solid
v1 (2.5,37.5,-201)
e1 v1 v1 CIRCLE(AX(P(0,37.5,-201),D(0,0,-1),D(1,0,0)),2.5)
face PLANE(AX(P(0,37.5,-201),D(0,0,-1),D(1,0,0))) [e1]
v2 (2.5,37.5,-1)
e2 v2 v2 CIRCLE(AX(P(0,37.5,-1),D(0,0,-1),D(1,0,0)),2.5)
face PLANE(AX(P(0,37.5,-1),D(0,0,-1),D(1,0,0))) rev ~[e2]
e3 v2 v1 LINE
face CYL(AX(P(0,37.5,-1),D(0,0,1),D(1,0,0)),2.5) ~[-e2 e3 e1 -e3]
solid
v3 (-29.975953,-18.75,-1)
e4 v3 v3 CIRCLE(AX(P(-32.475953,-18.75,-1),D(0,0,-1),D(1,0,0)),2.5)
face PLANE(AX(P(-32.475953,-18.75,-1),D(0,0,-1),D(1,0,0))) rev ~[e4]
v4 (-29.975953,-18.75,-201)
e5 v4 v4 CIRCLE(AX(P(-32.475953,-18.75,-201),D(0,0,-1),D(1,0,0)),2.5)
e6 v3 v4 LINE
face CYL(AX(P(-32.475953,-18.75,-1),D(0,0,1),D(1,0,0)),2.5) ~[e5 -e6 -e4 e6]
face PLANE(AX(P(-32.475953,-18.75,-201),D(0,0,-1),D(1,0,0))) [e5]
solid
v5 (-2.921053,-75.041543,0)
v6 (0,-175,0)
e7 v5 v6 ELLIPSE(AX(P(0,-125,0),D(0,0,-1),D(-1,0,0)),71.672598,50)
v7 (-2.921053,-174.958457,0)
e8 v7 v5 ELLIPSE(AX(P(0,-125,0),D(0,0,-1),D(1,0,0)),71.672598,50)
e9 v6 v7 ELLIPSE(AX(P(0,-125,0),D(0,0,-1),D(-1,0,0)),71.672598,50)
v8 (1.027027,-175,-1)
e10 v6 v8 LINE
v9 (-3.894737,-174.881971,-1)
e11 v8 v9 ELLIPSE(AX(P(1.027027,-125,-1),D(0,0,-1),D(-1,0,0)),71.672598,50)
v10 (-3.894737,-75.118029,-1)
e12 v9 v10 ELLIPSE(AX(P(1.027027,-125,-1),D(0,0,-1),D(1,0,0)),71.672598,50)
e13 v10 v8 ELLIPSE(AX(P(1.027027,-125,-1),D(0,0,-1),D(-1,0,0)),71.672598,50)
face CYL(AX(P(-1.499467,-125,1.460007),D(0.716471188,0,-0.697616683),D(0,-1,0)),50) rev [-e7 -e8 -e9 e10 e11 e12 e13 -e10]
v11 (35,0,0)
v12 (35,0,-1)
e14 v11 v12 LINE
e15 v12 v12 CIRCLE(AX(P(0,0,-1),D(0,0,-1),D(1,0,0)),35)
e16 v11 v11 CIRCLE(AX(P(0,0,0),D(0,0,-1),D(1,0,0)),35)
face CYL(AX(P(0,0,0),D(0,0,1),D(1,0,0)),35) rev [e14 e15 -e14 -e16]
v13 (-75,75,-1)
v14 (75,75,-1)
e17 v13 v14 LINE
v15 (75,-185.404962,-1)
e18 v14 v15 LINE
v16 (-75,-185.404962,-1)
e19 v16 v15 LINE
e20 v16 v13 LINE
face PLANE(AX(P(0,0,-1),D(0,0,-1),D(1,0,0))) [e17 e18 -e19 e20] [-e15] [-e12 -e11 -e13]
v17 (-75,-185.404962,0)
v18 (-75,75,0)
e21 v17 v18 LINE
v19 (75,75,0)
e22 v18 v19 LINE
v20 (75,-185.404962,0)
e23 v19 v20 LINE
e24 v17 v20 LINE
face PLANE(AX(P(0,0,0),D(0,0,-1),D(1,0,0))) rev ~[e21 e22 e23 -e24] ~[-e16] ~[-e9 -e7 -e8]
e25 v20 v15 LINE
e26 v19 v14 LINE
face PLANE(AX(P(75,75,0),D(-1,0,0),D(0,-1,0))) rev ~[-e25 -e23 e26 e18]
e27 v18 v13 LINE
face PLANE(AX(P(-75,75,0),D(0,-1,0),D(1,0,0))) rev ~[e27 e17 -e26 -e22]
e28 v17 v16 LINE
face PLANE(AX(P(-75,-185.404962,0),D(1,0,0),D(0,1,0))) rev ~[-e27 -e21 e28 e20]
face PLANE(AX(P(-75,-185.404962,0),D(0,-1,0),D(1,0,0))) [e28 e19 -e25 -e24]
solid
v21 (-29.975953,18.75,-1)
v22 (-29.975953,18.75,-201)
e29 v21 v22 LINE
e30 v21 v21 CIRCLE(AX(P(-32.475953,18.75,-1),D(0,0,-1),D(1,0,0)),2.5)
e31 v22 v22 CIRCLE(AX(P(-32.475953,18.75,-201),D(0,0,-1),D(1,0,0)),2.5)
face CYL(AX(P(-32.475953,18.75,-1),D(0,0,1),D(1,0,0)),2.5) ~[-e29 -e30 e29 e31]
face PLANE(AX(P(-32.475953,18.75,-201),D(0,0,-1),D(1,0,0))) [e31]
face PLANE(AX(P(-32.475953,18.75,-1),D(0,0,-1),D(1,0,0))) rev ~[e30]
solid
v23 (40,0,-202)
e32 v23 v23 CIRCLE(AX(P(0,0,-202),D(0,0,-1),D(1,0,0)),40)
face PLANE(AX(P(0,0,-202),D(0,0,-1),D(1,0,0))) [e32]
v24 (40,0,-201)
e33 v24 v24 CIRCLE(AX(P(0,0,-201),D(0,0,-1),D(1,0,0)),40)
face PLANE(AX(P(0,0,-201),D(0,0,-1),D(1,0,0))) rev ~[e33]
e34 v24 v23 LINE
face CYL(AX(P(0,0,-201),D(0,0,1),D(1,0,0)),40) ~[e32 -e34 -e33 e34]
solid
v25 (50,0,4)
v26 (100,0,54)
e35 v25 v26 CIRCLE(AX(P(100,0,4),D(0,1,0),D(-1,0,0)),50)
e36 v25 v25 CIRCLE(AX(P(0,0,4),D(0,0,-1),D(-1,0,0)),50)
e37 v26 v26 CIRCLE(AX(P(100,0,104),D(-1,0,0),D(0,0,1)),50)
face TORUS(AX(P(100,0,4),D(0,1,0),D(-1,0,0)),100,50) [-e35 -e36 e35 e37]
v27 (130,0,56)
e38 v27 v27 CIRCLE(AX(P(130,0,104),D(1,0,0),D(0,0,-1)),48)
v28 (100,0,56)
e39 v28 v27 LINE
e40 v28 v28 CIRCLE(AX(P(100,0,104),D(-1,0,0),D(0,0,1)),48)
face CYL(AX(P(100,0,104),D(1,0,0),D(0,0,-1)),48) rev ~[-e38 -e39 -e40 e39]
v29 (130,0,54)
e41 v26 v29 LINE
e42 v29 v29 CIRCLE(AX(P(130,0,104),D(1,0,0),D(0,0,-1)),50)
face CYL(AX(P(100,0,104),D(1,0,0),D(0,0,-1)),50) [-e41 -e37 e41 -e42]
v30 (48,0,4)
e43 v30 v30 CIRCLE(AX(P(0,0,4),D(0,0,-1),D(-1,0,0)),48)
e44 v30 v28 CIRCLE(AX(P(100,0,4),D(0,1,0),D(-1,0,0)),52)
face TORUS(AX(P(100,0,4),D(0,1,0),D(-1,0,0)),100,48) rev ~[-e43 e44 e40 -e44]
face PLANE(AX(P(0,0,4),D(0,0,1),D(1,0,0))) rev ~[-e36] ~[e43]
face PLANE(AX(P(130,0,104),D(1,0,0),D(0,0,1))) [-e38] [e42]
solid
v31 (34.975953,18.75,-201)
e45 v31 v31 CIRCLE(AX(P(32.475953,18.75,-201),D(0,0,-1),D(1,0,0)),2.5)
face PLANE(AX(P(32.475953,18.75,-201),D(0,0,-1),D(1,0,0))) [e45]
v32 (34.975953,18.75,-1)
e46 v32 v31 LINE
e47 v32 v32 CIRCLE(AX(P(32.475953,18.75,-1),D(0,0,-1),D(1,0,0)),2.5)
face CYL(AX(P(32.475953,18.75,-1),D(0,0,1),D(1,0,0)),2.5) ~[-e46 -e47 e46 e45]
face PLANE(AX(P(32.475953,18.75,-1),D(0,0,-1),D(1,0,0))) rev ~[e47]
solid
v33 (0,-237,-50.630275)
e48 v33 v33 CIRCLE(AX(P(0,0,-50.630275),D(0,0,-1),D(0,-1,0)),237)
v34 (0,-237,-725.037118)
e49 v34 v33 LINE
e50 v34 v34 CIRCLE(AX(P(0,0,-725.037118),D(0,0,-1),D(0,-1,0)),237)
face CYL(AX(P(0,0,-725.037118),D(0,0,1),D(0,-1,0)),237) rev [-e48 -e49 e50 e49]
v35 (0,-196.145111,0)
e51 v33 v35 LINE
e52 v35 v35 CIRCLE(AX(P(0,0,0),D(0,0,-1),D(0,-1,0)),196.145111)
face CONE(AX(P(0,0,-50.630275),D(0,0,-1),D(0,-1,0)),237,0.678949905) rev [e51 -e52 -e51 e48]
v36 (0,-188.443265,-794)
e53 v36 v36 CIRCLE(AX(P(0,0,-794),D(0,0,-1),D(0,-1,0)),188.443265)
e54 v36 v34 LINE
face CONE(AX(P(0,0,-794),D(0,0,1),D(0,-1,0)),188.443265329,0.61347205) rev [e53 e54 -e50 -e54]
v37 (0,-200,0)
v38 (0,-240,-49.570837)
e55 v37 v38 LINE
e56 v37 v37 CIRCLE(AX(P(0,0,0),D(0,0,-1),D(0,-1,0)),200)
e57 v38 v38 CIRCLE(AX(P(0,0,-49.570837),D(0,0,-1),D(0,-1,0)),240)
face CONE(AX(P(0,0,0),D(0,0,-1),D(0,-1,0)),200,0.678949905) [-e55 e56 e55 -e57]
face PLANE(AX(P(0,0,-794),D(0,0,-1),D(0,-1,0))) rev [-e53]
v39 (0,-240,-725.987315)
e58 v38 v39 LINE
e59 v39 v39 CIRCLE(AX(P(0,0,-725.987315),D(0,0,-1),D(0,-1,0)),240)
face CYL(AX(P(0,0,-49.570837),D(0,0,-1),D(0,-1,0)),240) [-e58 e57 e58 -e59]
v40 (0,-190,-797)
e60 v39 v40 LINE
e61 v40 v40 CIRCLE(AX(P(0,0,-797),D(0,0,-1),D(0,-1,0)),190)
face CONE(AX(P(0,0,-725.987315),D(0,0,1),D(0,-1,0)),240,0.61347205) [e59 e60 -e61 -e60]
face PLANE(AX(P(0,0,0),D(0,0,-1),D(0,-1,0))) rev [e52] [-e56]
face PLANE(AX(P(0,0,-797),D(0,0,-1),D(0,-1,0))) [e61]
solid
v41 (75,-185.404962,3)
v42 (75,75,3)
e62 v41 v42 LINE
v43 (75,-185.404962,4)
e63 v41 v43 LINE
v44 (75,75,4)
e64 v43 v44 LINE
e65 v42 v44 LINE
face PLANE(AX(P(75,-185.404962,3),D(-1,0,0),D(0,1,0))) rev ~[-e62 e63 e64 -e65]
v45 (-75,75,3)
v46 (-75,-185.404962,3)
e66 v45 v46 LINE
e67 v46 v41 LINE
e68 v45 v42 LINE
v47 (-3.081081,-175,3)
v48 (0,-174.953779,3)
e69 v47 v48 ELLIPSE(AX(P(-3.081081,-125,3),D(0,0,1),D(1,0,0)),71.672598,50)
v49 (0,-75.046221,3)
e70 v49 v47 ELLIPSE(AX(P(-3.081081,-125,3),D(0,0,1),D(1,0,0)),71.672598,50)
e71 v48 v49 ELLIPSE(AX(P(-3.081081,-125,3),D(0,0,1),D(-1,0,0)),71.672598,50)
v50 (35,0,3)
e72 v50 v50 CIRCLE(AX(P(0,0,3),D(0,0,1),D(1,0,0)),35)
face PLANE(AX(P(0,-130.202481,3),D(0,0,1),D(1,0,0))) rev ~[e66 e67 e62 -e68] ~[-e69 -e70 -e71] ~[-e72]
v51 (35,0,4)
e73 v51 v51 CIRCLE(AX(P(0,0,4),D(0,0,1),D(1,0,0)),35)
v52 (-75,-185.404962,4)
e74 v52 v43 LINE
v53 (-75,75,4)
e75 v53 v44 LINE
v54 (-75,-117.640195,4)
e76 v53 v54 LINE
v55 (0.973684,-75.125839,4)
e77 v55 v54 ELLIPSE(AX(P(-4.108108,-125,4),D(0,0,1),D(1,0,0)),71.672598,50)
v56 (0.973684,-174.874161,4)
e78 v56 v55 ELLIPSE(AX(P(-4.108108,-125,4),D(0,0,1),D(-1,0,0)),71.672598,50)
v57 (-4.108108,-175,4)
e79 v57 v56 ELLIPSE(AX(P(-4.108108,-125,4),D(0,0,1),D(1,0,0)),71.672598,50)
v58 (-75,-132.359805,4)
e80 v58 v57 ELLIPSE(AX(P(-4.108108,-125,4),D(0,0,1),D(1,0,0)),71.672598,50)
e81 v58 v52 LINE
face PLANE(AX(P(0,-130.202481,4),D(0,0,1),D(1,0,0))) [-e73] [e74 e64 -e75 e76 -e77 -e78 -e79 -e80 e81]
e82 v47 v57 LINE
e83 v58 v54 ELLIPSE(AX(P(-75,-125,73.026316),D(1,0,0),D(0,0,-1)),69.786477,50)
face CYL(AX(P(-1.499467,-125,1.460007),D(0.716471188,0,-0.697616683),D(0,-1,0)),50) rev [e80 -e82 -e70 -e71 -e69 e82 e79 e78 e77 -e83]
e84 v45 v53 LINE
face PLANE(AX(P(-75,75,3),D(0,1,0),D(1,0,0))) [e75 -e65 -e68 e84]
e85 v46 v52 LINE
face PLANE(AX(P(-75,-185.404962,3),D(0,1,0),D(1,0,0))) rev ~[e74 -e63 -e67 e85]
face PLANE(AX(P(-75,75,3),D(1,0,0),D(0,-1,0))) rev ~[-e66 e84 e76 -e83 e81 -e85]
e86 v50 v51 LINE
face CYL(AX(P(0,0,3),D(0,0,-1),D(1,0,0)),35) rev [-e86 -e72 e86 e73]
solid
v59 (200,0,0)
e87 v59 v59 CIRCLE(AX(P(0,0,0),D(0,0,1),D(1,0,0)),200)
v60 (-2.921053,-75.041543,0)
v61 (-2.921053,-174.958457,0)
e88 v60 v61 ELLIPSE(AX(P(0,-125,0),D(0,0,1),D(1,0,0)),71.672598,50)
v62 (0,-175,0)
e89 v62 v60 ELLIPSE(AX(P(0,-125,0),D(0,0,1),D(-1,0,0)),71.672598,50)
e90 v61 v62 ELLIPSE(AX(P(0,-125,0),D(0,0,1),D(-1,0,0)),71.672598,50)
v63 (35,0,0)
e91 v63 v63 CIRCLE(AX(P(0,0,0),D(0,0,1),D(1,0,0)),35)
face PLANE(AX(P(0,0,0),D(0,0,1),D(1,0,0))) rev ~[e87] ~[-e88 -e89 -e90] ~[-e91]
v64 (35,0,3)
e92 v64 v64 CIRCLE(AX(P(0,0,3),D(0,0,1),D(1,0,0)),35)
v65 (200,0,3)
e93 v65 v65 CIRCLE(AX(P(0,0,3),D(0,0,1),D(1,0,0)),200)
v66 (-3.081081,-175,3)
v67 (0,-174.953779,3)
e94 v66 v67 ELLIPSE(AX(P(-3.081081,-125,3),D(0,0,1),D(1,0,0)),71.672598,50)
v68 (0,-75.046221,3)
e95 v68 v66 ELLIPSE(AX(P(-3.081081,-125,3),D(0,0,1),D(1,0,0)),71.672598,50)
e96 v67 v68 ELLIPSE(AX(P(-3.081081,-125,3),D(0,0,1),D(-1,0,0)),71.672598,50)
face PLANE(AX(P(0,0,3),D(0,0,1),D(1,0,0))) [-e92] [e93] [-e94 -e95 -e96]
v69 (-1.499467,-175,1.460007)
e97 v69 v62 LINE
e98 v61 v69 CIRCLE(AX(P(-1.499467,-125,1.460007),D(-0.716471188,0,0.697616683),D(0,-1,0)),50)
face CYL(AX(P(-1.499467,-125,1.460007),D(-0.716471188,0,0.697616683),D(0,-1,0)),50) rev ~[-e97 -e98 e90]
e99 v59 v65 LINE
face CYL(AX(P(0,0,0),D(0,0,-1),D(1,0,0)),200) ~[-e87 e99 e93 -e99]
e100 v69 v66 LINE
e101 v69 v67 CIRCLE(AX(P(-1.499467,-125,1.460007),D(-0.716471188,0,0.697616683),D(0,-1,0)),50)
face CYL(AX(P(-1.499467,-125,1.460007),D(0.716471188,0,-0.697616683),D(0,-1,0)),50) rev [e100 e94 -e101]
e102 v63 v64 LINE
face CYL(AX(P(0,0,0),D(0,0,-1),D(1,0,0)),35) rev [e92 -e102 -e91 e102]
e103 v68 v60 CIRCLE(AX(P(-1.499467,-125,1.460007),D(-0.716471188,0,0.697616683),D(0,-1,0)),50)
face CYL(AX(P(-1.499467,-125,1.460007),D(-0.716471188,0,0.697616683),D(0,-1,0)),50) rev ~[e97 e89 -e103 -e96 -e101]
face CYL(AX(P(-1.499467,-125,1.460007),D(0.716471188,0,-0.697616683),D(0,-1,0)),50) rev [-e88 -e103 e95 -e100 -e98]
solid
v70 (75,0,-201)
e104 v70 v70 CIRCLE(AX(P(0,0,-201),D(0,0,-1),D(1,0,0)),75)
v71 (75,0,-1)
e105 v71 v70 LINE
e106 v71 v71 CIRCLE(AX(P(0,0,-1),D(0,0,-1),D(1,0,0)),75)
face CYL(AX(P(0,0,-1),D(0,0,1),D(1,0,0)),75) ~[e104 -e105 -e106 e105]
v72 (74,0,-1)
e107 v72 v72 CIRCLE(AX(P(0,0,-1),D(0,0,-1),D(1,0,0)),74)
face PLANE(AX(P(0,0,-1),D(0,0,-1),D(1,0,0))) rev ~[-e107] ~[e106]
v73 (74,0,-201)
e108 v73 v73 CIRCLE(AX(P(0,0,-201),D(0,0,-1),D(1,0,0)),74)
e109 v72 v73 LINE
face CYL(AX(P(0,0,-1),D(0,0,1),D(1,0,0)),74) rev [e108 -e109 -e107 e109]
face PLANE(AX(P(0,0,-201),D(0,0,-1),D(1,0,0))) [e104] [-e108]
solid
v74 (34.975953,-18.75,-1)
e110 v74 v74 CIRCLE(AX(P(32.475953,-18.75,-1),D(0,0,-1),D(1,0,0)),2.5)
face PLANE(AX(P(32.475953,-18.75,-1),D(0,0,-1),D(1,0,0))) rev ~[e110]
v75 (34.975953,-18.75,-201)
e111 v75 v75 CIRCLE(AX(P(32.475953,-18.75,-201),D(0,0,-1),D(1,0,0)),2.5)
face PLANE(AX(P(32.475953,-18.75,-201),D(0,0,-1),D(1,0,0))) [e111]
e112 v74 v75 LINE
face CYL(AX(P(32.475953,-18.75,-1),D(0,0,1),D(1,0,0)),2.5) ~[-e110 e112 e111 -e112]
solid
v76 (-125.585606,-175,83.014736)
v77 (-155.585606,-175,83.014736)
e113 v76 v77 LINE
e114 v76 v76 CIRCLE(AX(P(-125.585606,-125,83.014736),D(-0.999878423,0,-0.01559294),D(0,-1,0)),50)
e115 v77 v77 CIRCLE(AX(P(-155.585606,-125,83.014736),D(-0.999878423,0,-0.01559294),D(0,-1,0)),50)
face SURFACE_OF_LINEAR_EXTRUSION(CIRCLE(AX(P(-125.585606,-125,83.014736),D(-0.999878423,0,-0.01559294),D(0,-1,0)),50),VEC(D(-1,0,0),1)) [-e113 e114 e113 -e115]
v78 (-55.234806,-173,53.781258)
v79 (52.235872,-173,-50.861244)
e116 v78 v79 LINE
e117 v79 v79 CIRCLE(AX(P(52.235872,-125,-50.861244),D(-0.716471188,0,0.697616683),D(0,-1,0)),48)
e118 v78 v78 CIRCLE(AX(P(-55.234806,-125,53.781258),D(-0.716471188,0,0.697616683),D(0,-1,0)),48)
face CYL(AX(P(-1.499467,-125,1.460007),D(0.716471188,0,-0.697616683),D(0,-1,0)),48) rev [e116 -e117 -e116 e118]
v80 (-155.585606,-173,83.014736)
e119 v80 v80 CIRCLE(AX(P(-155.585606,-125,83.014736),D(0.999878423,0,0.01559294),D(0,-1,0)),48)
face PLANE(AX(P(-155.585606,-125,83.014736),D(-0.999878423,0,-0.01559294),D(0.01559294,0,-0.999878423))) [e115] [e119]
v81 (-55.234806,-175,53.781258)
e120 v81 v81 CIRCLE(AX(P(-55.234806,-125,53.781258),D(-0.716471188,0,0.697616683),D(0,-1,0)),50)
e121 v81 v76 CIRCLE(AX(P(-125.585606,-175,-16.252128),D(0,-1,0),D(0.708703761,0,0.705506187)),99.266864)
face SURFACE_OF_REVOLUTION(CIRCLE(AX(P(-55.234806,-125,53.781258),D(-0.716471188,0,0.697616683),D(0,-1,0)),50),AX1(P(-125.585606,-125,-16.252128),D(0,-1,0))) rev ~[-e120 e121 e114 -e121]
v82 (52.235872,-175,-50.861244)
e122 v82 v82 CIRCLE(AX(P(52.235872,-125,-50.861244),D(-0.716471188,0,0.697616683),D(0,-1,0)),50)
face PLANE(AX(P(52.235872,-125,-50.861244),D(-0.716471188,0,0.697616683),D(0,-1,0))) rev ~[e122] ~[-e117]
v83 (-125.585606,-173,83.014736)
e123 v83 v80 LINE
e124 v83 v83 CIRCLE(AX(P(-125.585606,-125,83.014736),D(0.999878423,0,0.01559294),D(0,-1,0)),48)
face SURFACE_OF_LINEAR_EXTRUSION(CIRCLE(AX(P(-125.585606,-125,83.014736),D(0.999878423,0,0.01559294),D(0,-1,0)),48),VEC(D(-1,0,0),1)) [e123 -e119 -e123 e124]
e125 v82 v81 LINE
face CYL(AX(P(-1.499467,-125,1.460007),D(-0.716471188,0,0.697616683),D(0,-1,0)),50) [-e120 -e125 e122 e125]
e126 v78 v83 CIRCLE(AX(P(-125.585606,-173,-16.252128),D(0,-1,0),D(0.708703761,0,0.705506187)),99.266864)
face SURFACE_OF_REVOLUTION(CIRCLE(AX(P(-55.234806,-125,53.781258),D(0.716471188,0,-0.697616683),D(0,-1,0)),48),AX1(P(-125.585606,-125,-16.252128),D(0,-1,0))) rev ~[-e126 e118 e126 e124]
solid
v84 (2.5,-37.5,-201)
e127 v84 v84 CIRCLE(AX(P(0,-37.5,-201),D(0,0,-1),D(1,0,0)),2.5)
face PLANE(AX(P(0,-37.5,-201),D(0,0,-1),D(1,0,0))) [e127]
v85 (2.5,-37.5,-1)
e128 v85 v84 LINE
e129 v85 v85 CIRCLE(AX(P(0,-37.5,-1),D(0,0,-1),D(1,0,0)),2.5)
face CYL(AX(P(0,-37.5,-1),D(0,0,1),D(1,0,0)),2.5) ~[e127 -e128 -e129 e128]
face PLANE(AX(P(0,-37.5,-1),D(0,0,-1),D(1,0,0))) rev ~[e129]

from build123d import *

# Parameters (mm, degrees)
F1_R           = 200
F1_R_2         = 35
F2_DEPTH       = 3
F3_W           = 150
F3_H           = 150
F3_R           = 35
F3_H_2         = 110.4049621774
F4_DEPTH       = 1
F5_R           = 2.5
F6_DEPTH       = 200
F7_R           = 40
F8_DEPTH       = 1
F9_R           = 75
F9_R_2         = 74
F10_DEPTH      = 200
F11_W          = 150
F11_H          = 110.4049621774
F11_H_2        = 150
F11_R          = 35
F12_DEPTH      = 1
F14_R          = 50
F14_R_2        = 48
F18_R          = 50
F19_DEPTH      = 286.3066576677
F19_DEPTH_BACK = 248.6353568471
F20_R          = 50
F20_R_2        = 48
F21_DEPTH      = 75
F24_R          = 50
F24_R_2        = 48


with BuildPart() as f2:
    # F1 (on Top) → F2 (new body)
    with BuildSketch(Plane.XY):
        Circle(F1_R)
        Circle(F1_R_2, mode=Mode.SUBTRACT)
    extrude(amount=F2_DEPTH)


with BuildPart() as f4:
    # F3 (on face) → F4 (new body)
    with BuildSketch(Plane(origin=(0, 0, 0), x_dir=(1, 0, 0), z_dir=(0, 0, -1))):
        Rectangle(F3_W, F3_H)
        Circle(F3_R, mode=Mode.SUBTRACT)
        with Locations((0, 130.2024810887)):
            Rectangle(F3_W, F3_H_2)
    extrude(amount=F4_DEPTH)


with BuildPart() as f6:
    # F5 (on face) → F6 (new body)
    with BuildSketch(Plane(origin=(0, 0, -1), x_dir=(1, 0, 0), z_dir=(0, 0, -1))):
        with Locations((0, 37.5)):
            Circle(F5_R)
    extrude(amount=F6_DEPTH)


with BuildPart() as f6b:
    # F5 (on face) → F6, piece 2 (new body)
    with BuildSketch(Plane(origin=(0, 0, -1), x_dir=(1, 0, 0), z_dir=(0, 0, -1))):
        with Locations((-32.4759526419, 18.75)):
            Circle(F5_R)
    extrude(amount=F6_DEPTH)


with BuildPart() as f6c:
    # F5 (on face) → F6, piece 3 (new body)
    with BuildSketch(Plane(origin=(0, 0, -1), x_dir=(1, 0, 0), z_dir=(0, 0, -1))):
        with Locations((-32.4759526419, -18.75)):
            Circle(F5_R)
    extrude(amount=F6_DEPTH)


with BuildPart() as f6d:
    # F5 (on face) → F6, piece 4 (new body)
    with BuildSketch(Plane(origin=(0, 0, -1), x_dir=(1, 0, 0), z_dir=(0, 0, -1))):
        with Locations((0, -37.5)):
            Circle(F5_R)
    extrude(amount=F6_DEPTH)


with BuildPart() as f6e:
    # F5 (on face) → F6, piece 5 (new body)
    with BuildSketch(Plane(origin=(0, 0, -1), x_dir=(1, 0, 0), z_dir=(0, 0, -1))):
        with Locations((32.4759526419, -18.75)):
            Circle(F5_R)
    extrude(amount=F6_DEPTH)


with BuildPart() as f6f:
    # F5 (on face) → F6, piece 6 (new body)
    with BuildSketch(Plane(origin=(0, 0, -1), x_dir=(1, 0, 0), z_dir=(0, 0, -1))):
        with Locations((32.4759526419, 18.75)):
            Circle(F5_R)
    extrude(amount=F6_DEPTH)


with BuildPart() as f8:
    # F7 (on face) → F8 (new body)
    with BuildSketch(Plane(origin=(0, 0, -201), x_dir=(1, 0, 0), z_dir=(0, 0, -1))):
        Circle(F7_R)
    extrude(amount=F8_DEPTH)


with BuildPart() as f10:
    # F9 (on face) → F10 (new body)
    with BuildSketch(Plane(origin=(0, 0, -1), x_dir=(1, 0, 0), z_dir=(0, 0, -1))):
        Circle(F9_R)
        Circle(F9_R_2, mode=Mode.SUBTRACT)
    extrude(amount=F10_DEPTH)


with BuildPart() as f12:
    # F11 (on face) → F12 (new body)
    with BuildSketch(Plane.XY.offset(3)):
        with Locations((0, -130.2024810887)):
            Rectangle(F11_W, F11_H)
        Rectangle(F11_W, F11_H_2)
        Circle(F11_R, mode=Mode.SUBTRACT)
    extrude(amount=F12_DEPTH)


with BuildPart() as f15:
    # F15: sweep along a path in F13
    with BuildLine(Plane.XZ) as f15_path:
        ThreePointArc((0, 4), (29.2893218813, 74.7106781187), (100, 104))
        Line((100, 104), (130, 104))
    # F14 (on face) → F15 (sweep)
    with BuildSketch(Plane.XY.offset(4)):
        Circle(F14_R)
        Circle(F14_R_2, mode=Mode.SUBTRACT)
    sweep(path=f15_path.line)


with BuildPart() as f19_tool:
    # F18 (on face) → F19 (new body, two sides)
    with BuildSketch(Plane(origin=(-1.4994667615, 0, 1.4600071098), x_dir=(0, -1, 0), z_dir=(-0.7164711881, 0, 0.6976166832))) as f19_sk:
        with Locations((125, 0)):
            Circle(F18_R)
    extrude(amount=-F19_DEPTH)
    extrude(f19_sk.sketch, amount=F19_DEPTH_BACK)


with BuildPart() as f2_1:
    add(f2.part)

    # F19: cut by f19_tool
    add(f19_tool.part, mode=Mode.SUBTRACT)


with BuildPart() as f4_1:
    add(f4.part)

    # F19: cut by f19_tool
    add(f19_tool.part, mode=Mode.SUBTRACT)


with BuildPart() as f12_1:
    add(f12.part)

    # F19: cut by f19_tool
    add(f19_tool.part, mode=Mode.SUBTRACT)


with BuildPart() as f21:
    # F20 (on face) → F21 (new body, symmetric)
    with BuildSketch(Plane(origin=(-1.4994667615, 0, 1.4600071098), x_dir=(0, -1, 0), z_dir=(-0.7164711881, 0, 0.6976166832))):
        with Locations((125, 0)):
            Circle(F20_R)
        with Locations((125, 0)):
            Circle(F20_R_2, mode=Mode.SUBTRACT)
    extrude(amount=F21_DEPTH, both=True)

    # F25: sweep along a path in F23
    with BuildLine(Plane.XZ.offset(125)) as f25_path:
        ThreePointArc((-55.2348058693, 53.7812583464), (-87.4941656733, 75.4154912887), (-125.5856058404, 83.0147357218))
        Line((-125.5856058404, 83.0147357218), (-155.5856058404, 83.0147357218))
    # F24 (on face) → F25 (sweep)
    with BuildSketch(Plane(origin=(-55.2348058693, 0, 53.7812583464), x_dir=(0, -1, 0), z_dir=(-0.7164711881, 0, 0.6976166832))):
        with Locations((125, 0)):
            Circle(F24_R)
        with Locations((125, 0)):
            Circle(F24_R_2, mode=Mode.SUBTRACT)
    sweep(path=f25_path.line)


with BuildPart() as f27:
    # F26 (on Right) → F27 (revolve)
    with BuildSketch(Plane.YZ):
        Polygon((-196.145111283, 0), (-200, 0), (-240, -49.5708366621), (-240, -725.9873151779), (-190, -797), (0, -797), (0, -794), (-188.4432653289, -794), (-237, -725.0371180962), (-237, -50.630275386), align=None)
    revolve(axis=Axis((0, 0, -201), (0, 0, -1)))


solid = Compound([f6.part, f6b.part, f6c.part, f6d.part, f6e.part, f6f.part, f8.part, f10.part, f15.part, f2_1.part, f4_1.part, f12_1.part, f21.part, f27.part])
